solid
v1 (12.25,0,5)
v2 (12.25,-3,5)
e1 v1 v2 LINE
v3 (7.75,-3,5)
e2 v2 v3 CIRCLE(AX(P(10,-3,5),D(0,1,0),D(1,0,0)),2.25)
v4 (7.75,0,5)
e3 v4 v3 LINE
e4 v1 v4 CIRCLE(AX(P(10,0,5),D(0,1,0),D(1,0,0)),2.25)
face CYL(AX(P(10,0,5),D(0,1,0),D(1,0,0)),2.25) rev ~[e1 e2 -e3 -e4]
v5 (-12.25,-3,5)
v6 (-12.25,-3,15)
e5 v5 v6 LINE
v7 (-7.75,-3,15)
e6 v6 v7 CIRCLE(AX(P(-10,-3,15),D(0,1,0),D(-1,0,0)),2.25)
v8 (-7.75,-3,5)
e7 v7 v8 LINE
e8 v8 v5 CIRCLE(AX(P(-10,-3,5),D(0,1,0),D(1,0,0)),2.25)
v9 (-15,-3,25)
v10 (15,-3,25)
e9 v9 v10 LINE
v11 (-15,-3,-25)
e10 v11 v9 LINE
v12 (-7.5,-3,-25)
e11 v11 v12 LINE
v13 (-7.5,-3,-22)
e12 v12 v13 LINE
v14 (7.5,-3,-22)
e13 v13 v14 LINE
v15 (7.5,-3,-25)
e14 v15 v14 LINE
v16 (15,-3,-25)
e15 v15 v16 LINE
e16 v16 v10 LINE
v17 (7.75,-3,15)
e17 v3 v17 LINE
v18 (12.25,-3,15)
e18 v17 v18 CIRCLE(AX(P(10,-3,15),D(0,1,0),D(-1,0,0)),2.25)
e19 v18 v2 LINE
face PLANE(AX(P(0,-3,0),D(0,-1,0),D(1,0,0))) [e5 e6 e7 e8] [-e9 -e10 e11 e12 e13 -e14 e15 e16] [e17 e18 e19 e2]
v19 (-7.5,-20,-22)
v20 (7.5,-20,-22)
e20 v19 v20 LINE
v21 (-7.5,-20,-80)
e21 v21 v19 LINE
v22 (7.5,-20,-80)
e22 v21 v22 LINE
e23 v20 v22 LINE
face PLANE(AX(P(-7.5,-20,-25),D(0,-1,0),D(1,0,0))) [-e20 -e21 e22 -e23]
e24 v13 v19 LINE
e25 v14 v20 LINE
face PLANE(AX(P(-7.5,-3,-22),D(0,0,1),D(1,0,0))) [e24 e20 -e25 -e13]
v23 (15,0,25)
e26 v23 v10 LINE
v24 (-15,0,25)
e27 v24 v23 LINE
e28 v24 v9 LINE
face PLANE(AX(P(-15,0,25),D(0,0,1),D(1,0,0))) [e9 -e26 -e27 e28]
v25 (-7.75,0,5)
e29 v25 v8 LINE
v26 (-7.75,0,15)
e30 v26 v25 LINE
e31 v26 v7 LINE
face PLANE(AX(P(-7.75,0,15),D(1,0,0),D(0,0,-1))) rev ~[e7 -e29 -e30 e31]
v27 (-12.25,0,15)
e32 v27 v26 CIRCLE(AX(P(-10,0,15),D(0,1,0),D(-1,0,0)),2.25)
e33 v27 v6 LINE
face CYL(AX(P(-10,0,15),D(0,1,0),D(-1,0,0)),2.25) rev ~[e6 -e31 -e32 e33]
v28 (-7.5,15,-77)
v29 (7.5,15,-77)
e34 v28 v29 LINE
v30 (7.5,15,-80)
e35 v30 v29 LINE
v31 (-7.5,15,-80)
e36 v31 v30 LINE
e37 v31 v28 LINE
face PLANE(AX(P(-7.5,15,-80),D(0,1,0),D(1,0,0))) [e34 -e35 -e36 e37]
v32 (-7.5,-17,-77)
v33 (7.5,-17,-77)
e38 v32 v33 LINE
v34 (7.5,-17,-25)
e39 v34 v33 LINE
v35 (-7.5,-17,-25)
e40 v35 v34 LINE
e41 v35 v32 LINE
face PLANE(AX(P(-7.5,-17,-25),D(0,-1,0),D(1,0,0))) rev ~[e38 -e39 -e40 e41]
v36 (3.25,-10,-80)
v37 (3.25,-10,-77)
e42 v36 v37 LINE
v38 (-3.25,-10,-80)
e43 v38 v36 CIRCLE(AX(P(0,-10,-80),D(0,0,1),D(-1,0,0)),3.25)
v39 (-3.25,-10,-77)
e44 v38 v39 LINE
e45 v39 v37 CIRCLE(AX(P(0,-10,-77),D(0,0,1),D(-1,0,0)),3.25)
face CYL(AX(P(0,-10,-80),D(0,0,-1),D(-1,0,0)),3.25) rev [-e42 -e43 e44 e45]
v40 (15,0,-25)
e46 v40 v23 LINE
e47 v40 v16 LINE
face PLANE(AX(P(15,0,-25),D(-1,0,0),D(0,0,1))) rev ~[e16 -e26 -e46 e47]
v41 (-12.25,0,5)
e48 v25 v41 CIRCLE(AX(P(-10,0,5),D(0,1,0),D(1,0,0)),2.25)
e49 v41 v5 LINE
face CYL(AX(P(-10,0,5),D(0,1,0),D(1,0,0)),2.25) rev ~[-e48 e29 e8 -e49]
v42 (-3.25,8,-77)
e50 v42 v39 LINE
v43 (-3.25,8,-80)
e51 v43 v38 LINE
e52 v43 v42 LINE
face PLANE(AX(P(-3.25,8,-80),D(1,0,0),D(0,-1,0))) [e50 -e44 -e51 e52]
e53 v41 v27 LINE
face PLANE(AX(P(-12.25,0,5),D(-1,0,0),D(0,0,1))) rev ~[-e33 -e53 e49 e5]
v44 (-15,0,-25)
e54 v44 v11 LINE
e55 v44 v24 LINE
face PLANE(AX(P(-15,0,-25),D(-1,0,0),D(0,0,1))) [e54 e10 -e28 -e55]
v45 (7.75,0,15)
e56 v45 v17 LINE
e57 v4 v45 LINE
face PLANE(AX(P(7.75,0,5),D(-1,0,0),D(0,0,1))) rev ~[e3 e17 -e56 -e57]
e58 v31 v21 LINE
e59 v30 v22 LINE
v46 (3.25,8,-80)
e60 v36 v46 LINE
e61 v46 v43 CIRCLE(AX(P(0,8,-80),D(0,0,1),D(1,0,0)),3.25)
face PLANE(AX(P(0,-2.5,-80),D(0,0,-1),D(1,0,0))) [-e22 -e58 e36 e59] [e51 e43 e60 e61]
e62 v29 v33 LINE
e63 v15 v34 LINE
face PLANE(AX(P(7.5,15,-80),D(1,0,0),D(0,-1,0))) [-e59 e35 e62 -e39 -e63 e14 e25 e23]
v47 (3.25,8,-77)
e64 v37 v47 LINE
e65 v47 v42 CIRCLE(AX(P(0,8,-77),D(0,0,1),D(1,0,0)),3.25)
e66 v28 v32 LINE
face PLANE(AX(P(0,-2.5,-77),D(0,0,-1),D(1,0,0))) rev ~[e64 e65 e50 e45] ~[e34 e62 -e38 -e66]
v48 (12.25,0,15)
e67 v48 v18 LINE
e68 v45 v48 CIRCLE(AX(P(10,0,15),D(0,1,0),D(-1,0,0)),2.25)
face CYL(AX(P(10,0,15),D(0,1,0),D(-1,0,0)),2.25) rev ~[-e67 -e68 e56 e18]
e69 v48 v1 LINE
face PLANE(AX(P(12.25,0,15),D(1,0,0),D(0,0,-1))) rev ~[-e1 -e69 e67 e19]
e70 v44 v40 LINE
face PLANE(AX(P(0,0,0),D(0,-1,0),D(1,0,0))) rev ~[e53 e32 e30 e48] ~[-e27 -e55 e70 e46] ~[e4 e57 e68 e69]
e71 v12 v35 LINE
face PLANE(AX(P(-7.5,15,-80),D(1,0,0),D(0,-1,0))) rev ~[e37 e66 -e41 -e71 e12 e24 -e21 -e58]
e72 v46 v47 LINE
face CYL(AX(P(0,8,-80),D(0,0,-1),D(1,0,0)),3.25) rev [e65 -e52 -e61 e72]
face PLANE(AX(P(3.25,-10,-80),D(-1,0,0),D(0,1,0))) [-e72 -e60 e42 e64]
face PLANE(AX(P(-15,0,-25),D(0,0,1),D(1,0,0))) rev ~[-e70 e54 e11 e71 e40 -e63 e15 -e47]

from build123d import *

# Parameters (mm, degrees)
F0_W     = 30
F0_H     = 50
F1_DEPTH = 3
F2_W     = 15
F2_H     = 3
F3_DEPTH = 17
F4_W     = 15
F4_H     = 3
F5_DEPTH = 55
F6_W     = 15
F6_H     = 35
F7_DEPTH = 3


with BuildPart() as f1:
    # F0 (on Front) → F1 (new body)
    with BuildSketch(Plane.XZ):
        Rectangle(F0_W, F0_H)
        with BuildLine():
            ThreePointArc((-12.25, 15), (-10, 17.25), (-7.75, 15))
            Line((-7.75, 15), (-7.75, 5))
            ThreePointArc((-7.75, 5), (-10, 2.75), (-12.25, 5))
            Line((-12.25, 5), (-12.25, 15))
        make_face(mode=Mode.SUBTRACT)
        with BuildLine():
            Line((12.25, 15), (12.25, 5))
            ThreePointArc((12.25, 5), (10, 2.75), (7.75, 5))
            Line((7.75, 5), (7.75, 15))
            ThreePointArc((7.75, 15), (10, 17.25), (12.25, 15))
        make_face(mode=Mode.SUBTRACT)
    extrude(amount=F1_DEPTH)

    # F2 (on face) → F3 (join)
    with BuildSketch(Plane.XZ.offset(3)):
        with Locations((0, -23.5)):
            Rectangle(F2_W, F2_H)
    extrude(amount=F3_DEPTH)

    # F4 (on face) → F5 (join)
    with BuildSketch(Plane(origin=(0, 0, -25), x_dir=(1, 0, 0), z_dir=(0, 0, -1))):
        with Locations((0, 18.5)):
            Rectangle(F4_W, F4_H)
    extrude(amount=F5_DEPTH)

    # F6 (on face) → F7 (join)
    with BuildSketch(Plane(origin=(0, 0, -80), x_dir=(1, 0, 0), z_dir=(0, 0, -1))):
        with Locations((0, 2.5)):
            Rectangle(F6_W, F6_H)
        with BuildLine():
            ThreePointArc((-3.25, 10), (0, 13.25), (3.25, 10))
            Line((3.25, 10), (3.25, -8))
            ThreePointArc((3.25, -8), (0, -11.25), (-3.25, -8))
            Line((-3.25, -8), (-3.25, 10))
        make_face(mode=Mode.SUBTRACT)
    extrude(amount=-F7_DEPTH)


solid = f1.part
